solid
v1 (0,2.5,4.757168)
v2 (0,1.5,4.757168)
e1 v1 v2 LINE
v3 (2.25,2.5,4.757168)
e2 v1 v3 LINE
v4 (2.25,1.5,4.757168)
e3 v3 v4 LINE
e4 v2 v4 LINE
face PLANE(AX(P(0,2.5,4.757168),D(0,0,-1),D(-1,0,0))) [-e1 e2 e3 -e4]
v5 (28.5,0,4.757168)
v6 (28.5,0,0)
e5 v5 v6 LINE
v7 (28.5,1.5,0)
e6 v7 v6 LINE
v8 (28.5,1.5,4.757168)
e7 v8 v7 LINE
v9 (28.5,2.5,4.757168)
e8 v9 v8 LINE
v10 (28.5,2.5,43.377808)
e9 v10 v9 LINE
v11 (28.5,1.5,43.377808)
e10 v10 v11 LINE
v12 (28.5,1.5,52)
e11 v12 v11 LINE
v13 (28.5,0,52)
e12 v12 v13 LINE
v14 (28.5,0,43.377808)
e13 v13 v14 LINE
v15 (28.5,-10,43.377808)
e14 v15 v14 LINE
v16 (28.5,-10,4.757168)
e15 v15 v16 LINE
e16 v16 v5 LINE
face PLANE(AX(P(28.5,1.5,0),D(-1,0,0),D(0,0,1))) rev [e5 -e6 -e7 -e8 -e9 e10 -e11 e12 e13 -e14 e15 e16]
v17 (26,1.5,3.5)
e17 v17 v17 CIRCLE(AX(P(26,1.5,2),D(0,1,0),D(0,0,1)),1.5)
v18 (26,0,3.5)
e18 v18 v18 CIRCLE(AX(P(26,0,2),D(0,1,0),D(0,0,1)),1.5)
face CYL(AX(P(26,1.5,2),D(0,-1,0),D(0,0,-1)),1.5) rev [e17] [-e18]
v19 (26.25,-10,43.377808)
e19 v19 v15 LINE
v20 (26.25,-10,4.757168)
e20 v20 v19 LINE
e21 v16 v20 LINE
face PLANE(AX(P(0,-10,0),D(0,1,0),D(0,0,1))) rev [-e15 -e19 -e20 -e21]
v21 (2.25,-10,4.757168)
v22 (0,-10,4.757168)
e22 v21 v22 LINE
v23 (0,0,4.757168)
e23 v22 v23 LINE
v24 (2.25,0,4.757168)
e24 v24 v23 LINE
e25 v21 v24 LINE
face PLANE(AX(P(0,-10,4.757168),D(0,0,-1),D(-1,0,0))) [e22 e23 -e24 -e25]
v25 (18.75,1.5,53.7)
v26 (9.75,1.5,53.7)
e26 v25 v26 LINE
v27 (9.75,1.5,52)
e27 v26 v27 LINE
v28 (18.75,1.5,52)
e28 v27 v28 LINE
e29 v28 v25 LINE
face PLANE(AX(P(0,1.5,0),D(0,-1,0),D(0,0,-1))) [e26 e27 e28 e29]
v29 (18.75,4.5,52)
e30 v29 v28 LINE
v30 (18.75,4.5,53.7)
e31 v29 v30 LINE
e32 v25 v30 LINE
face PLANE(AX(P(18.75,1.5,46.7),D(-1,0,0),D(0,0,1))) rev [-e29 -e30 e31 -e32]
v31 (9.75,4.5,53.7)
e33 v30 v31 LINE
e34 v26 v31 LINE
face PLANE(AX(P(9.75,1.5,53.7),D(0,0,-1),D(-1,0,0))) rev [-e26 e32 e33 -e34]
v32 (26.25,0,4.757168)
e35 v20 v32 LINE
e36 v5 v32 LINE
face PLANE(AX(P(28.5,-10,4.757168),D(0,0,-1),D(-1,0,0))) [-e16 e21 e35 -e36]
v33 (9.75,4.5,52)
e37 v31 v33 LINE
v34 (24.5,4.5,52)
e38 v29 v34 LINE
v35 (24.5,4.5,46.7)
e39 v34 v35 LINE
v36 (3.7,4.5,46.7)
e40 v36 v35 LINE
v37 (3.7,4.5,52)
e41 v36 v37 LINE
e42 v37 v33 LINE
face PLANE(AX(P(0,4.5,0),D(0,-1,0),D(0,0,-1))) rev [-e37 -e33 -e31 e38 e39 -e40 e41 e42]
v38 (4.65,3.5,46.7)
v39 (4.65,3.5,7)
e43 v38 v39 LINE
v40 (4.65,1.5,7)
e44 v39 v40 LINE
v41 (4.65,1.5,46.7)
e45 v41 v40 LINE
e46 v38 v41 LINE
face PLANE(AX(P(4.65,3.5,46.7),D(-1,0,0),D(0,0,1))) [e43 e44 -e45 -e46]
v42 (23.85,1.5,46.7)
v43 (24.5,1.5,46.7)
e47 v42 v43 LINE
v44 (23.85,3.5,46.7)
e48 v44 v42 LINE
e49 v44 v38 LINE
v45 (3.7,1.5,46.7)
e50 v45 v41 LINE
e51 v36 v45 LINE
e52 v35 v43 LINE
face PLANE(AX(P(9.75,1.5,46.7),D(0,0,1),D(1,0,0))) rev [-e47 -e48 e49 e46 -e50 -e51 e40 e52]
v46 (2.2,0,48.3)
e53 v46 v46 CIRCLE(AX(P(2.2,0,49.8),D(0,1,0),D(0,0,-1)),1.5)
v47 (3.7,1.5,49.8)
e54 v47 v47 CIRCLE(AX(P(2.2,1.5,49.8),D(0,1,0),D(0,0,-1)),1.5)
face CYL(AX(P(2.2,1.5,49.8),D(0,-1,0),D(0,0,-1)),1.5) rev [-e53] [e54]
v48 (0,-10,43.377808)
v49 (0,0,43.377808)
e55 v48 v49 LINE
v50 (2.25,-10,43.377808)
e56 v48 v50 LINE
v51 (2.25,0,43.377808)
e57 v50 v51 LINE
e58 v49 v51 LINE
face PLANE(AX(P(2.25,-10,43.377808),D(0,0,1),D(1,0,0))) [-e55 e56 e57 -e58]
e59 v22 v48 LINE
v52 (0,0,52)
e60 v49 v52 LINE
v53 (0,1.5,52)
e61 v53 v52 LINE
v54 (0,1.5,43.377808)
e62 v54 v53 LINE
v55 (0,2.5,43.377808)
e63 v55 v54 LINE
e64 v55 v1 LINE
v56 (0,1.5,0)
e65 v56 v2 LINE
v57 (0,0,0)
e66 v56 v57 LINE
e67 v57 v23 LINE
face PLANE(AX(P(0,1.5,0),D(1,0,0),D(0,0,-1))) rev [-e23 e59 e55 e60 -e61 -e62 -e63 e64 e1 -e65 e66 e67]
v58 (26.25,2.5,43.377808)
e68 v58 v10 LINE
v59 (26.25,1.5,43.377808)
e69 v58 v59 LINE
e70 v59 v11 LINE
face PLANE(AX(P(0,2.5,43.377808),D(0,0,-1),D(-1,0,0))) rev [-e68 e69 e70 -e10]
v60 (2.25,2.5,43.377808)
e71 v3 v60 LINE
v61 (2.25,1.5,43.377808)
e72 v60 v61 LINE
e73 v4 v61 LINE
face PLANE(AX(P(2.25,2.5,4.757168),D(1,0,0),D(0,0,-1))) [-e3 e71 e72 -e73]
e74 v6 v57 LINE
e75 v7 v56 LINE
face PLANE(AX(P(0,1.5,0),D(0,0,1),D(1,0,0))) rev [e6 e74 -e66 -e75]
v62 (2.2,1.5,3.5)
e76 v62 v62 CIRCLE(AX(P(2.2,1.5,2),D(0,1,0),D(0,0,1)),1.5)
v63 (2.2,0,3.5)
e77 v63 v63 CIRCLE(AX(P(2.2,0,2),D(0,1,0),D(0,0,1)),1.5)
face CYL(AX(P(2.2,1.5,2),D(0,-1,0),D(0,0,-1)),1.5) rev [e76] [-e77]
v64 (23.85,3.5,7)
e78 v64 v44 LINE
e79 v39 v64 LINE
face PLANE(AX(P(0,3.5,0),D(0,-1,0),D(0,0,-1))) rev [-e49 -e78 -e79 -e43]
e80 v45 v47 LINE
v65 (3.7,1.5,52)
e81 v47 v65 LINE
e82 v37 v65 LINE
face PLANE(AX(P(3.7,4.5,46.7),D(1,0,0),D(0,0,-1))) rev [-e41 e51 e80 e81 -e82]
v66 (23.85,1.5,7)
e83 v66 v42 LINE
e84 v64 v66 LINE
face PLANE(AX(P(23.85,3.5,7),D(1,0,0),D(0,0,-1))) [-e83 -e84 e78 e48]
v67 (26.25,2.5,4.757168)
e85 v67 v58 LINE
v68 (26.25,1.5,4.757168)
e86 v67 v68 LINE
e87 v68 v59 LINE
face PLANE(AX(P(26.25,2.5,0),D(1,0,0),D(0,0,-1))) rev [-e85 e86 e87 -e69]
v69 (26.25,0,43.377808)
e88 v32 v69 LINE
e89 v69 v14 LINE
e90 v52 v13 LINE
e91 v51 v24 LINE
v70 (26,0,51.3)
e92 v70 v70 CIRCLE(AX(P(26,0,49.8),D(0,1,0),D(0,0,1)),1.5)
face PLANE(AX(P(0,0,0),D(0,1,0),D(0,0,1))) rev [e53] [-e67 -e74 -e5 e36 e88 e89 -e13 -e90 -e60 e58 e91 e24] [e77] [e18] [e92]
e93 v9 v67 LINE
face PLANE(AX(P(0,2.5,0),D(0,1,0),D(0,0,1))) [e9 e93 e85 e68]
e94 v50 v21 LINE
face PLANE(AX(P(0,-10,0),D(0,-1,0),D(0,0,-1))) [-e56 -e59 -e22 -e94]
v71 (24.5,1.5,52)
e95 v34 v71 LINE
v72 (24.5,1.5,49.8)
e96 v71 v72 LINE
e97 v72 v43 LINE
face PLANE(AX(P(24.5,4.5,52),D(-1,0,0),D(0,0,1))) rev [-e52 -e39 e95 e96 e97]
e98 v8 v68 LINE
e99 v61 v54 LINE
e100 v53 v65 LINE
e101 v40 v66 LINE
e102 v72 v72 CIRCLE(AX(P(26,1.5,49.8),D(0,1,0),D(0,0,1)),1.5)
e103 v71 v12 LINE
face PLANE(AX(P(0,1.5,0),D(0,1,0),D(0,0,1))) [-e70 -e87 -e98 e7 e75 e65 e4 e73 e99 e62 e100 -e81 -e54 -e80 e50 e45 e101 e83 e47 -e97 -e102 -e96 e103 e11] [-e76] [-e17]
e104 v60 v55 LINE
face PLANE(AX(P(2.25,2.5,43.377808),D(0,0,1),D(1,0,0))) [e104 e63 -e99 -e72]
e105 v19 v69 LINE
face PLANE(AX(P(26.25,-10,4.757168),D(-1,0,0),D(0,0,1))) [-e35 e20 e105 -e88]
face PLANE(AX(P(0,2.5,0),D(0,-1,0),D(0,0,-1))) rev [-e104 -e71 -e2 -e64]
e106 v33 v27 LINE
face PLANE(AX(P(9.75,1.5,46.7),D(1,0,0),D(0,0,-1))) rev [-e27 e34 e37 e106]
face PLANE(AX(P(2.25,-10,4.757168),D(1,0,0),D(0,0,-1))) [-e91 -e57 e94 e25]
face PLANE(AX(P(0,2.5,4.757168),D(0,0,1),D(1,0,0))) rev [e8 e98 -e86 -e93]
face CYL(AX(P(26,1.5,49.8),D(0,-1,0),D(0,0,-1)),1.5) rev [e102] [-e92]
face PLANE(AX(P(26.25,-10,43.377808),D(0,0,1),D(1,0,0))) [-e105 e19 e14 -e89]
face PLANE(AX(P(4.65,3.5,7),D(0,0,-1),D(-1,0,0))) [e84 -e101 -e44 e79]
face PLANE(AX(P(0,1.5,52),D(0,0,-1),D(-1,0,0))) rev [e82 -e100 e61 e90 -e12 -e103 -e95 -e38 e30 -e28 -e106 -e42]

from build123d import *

# Parameters (mm, degrees)
SKETCH_2_W      = 28.5
SKETCH_2_H      = 52
SKETCH_2_R      = 1.5
EXTRUDE_1_DEPTH = 1.5
EXTRUDE_2_DEPTH = 3
SKETCH_3_W      = 5.75
SKETCH_3_H      = 5.3
SKETCH_3_W_2    = 6.05
EXTRUDE_5_DEPTH = 3
SKETCH_5_W      = 19.2
SKETCH_5_H      = 39.7
EXTRUDE_6_DEPTH = 2
SKETCH_6_W      = 2.25
SKETCH_6_H      = 38.620640838
EXTRUDE_7_DEPTH = 1
SKETCH_6_3_W    = 2.25
SKETCH_6_3_H    = 38.620640838
EXTRUDE_8_DEPTH = 11.5


with BuildPart() as part:
    # Эскиз2 → Бобышка-Вытянуть1 (new body)
    with BuildSketch(Plane(origin=(0, 0, 0), x_dir=(1, 0, 0), z_dir=(0, 1, 0))):
        with Locations((14.25, -26)):
            Rectangle(SKETCH_2_W, SKETCH_2_H)
        with Locations((2.2, -2)):
            Circle(SKETCH_2_R, mode=Mode.SUBTRACT)
        with Locations((26, -2)):
            Circle(SKETCH_2_R, mode=Mode.SUBTRACT)
        with Locations((2.2, -49.8)):
            Circle(SKETCH_2_R, mode=Mode.SUBTRACT)
        with Locations((26, -49.8)):
            Circle(SKETCH_2_R, mode=Mode.SUBTRACT)
    extrude(amount=EXTRUDE_1_DEPTH)

    # Sketch 1 → Бобышка-Вытянуть2 (add)
    with BuildSketch(Plane(origin=(9.75, 1.5, 46.7), x_dir=(0.7893522173763263, 0, 0.6139406135149205), z_dir=(0, -1, 0))):
        Polygon((0, 0), (4.297584295, 5.525465522), (11.401754251, 0), (7.104169956, -5.525465522), align=None)
    extrude(amount=-EXTRUDE_2_DEPTH)

    # Эскиз3 → Бобышка-Вытянуть5 (add)
    with BuildSketch(Plane(origin=(0, 1.5, 0), x_dir=(1, 0, 0), z_dir=(0, 1, 0))):
        with Locations((21.625, -49.35)):
            Rectangle(SKETCH_3_W, SKETCH_3_H)
        with Locations((6.725, -49.35)):
            Rectangle(SKETCH_3_W_2, SKETCH_3_H)
    extrude(amount=EXTRUDE_5_DEPTH)

    # Эскиз5 → Бобышка-Вытянуть6 (add)
    with BuildSketch(Plane(origin=(0, 1.5, 0), x_dir=(1, 0, 0), z_dir=(0, 1, 0))):
        with Locations((14.25, -26.85)):
            Rectangle(SKETCH_5_W, SKETCH_5_H)
    extrude(amount=EXTRUDE_6_DEPTH)

    # Эскиз6 → Бобышка-Вытянуть7 (add)
    with BuildSketch(Plane(origin=(0, 1.5, 0), x_dir=(1, 0, 0), z_dir=(0, 1, 0))):
        with Locations((1.125, -24.067488006)):
            Rectangle(SKETCH_6_W, SKETCH_6_H)
        with Locations((27.375, -24.067488006)):
            Rectangle(SKETCH_6_W, SKETCH_6_H)
    extrude(amount=EXTRUDE_7_DEPTH)

    # Эскиз6<3> → Бобышка-Вытянуть8 (add)
    with BuildSketch(Plane(origin=(0, 1.5, 0), x_dir=(1, 0, 0), z_dir=(0, 1, 0))):
        with Locations((1.125, -24.067488006)):
            Rectangle(SKETCH_6_3_W, SKETCH_6_3_H)
        with Locations((27.375, -24.067488006)):
            Rectangle(SKETCH_6_3_W, SKETCH_6_3_H)
    extrude(amount=-EXTRUDE_8_DEPTH)


solid = part.part
